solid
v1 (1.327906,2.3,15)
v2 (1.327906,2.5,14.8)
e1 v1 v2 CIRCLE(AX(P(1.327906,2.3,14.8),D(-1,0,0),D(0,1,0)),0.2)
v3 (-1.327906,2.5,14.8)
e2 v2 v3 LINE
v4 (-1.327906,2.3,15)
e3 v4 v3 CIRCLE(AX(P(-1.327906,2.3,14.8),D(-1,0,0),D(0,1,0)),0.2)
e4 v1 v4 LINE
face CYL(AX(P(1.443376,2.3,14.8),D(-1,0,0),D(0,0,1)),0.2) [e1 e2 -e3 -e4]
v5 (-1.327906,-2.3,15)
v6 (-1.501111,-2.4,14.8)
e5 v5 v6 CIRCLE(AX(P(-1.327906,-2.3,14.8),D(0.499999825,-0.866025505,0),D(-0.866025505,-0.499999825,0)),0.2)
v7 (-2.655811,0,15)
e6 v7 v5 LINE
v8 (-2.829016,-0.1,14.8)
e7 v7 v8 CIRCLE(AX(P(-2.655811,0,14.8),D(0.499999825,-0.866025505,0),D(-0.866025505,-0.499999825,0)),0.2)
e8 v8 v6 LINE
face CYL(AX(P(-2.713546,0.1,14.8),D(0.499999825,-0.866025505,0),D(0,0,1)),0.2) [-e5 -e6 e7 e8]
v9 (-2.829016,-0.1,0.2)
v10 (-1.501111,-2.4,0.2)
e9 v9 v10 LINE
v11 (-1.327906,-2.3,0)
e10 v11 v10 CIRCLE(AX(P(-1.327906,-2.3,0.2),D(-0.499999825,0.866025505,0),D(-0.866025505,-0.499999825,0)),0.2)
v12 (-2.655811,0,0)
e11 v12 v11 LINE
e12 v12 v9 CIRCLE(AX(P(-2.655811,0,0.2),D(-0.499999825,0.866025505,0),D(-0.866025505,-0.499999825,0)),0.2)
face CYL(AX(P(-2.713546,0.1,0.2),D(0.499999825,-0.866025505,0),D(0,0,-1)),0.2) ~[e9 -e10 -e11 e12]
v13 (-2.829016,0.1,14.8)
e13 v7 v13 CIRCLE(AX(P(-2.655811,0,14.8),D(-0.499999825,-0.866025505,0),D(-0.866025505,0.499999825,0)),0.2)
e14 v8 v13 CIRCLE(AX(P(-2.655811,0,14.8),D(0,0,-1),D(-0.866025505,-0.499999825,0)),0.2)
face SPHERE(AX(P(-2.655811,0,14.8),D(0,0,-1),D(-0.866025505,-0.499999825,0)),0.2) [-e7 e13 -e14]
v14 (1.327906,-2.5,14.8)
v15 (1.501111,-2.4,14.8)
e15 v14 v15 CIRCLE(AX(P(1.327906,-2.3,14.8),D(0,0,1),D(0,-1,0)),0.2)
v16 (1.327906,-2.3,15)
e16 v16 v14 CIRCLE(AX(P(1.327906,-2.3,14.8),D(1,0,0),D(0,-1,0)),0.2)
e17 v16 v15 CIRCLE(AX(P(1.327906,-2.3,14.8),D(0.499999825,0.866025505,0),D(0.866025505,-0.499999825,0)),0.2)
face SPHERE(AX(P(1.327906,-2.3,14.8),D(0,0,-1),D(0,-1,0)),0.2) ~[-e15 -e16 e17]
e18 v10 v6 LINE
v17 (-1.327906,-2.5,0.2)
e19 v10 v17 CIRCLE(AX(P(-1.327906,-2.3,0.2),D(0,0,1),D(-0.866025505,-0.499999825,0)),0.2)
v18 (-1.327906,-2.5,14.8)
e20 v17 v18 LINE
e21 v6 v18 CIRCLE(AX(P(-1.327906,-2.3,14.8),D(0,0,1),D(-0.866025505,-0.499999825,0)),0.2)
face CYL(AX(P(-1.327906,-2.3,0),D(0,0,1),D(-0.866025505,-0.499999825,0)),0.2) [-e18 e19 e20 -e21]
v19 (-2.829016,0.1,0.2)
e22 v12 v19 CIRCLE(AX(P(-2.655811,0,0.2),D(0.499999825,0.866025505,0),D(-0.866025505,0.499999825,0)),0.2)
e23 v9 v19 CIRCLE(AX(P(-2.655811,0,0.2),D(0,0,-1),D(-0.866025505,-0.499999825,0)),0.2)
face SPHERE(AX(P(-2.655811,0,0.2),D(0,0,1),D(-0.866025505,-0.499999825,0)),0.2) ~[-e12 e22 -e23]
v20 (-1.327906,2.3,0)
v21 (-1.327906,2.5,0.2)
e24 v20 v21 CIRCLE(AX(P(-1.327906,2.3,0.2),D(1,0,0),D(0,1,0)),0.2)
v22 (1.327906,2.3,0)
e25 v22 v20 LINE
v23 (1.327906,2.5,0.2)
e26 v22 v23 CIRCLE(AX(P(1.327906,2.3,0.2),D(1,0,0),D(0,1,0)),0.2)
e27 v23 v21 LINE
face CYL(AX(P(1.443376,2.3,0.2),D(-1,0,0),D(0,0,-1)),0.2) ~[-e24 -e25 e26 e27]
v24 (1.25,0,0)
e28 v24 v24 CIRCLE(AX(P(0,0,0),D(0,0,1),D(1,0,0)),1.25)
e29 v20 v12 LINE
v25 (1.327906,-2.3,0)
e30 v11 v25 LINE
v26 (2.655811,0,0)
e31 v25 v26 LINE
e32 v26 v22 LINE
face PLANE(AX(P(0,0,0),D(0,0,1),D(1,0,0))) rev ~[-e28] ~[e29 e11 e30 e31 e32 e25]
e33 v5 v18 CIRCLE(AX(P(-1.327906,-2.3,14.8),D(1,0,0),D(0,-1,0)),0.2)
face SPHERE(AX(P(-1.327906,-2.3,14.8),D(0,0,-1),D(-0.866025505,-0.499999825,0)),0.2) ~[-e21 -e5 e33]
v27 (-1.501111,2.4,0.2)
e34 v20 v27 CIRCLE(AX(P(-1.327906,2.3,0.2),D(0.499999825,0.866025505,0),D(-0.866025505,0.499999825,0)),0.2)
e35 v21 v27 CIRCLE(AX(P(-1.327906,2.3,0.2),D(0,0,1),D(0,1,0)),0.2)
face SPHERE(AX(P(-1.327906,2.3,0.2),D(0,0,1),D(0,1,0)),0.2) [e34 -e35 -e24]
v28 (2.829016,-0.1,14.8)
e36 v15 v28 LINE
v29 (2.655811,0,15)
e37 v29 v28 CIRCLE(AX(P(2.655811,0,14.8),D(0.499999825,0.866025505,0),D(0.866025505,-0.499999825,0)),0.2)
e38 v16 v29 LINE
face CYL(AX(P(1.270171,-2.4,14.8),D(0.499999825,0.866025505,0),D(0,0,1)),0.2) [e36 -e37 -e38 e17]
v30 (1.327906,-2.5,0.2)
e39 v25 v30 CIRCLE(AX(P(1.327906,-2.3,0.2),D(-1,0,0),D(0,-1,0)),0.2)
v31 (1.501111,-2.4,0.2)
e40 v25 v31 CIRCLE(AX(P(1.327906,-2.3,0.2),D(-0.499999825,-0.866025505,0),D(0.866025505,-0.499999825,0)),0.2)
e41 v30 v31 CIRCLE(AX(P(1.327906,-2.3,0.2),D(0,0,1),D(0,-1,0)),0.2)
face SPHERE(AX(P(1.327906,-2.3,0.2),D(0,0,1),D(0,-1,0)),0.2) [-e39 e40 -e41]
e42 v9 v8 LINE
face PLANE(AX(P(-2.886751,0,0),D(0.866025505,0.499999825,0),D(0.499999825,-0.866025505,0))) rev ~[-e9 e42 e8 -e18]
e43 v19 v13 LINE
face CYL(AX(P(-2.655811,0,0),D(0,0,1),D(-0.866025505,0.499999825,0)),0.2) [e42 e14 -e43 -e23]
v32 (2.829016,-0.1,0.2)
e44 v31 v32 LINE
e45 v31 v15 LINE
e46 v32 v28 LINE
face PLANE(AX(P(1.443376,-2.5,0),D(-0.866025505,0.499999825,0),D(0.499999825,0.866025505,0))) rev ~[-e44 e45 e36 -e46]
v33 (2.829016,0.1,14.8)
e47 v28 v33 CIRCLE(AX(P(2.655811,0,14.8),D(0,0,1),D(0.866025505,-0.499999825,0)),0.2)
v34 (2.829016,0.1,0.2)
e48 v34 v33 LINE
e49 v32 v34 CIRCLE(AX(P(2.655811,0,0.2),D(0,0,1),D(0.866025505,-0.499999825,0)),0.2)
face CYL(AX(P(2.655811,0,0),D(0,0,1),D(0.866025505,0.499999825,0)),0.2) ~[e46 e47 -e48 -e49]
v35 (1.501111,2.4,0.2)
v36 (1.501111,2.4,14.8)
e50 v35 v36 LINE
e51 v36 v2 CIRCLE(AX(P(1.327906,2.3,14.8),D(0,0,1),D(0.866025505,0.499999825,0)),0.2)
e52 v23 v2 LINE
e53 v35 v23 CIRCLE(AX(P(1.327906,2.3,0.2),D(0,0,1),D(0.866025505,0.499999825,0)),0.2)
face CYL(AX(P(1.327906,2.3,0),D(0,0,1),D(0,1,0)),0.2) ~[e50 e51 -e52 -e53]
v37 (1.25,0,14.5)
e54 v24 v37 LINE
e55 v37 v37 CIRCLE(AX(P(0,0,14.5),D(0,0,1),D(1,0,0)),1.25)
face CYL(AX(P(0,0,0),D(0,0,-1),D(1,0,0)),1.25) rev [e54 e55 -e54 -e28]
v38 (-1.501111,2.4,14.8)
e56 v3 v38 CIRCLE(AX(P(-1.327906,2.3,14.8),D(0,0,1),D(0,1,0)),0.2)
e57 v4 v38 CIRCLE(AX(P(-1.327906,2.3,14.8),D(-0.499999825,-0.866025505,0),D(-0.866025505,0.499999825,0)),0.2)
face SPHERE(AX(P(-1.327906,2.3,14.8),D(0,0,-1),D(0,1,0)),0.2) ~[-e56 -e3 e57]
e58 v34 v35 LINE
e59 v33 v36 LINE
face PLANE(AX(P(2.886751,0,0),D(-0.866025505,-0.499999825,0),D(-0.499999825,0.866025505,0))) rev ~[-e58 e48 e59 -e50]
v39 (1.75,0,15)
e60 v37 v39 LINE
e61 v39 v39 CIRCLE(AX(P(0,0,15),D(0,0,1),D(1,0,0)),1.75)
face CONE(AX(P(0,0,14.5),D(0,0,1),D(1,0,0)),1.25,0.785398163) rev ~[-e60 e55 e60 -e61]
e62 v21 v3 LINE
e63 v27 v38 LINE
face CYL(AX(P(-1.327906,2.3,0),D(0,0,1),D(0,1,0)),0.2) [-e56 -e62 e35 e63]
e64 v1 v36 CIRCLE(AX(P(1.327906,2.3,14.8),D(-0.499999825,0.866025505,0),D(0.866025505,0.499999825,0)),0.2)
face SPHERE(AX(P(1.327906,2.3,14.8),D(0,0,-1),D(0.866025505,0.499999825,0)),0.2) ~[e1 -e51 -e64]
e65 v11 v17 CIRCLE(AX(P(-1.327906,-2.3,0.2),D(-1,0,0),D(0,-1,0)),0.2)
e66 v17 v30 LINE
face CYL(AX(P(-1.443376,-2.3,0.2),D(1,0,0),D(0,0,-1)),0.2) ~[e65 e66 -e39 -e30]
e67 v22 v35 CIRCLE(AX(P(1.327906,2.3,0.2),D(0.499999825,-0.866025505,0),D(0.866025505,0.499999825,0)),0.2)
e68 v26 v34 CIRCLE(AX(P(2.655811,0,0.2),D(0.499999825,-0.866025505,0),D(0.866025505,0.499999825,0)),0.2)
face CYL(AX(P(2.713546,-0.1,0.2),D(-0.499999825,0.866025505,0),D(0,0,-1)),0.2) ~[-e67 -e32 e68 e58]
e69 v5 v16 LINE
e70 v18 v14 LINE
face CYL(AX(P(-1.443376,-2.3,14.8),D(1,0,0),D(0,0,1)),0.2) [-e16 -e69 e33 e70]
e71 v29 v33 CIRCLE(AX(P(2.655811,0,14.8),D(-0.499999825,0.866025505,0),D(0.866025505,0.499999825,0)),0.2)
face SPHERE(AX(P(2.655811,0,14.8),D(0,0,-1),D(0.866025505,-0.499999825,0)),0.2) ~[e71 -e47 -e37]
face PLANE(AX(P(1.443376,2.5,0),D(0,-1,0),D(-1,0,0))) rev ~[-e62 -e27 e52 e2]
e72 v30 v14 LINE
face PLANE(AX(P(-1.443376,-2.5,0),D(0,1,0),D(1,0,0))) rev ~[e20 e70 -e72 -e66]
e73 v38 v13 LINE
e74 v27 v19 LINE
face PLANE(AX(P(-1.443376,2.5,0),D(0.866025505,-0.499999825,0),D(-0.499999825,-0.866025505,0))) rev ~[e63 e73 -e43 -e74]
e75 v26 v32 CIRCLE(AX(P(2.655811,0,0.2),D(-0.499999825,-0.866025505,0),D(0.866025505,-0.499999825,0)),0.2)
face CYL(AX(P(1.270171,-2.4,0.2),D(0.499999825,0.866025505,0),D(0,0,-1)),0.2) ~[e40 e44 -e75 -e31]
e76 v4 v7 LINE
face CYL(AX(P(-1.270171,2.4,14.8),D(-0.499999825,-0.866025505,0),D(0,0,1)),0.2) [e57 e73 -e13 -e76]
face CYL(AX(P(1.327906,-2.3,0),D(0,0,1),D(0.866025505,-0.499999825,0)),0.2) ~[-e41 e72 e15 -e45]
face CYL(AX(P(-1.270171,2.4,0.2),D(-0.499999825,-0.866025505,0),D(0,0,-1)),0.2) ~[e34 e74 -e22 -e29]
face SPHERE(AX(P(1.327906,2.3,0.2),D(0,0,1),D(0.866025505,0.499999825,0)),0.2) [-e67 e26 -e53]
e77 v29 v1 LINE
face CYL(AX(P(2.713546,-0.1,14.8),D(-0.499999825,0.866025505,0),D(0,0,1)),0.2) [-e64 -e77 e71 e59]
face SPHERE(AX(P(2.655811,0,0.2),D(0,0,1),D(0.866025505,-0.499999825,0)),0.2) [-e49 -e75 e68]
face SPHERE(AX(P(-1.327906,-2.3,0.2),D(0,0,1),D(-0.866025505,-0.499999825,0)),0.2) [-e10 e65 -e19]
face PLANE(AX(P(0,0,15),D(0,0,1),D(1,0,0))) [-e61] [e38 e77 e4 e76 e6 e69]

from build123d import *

# Parameters (mm, degrees)
F0_R     = 1.25
F1_DEPTH = 15
F2_SIZE  = 0.5
F3_R     = 0.2


with BuildPart() as f1:
    # F0 (on Top) → F1 (new body)
    with BuildSketch(Plane.XY):
        Polygon((1.443376, 2.5), (-1.443376, 2.5), (-2.886751, 0), (-1.443376, -2.5), (1.443376, -2.5), (2.886751, 0), align=None)
        Circle(F0_R, mode=Mode.SUBTRACT)
    extrude(amount=F1_DEPTH)

    # F2
    f2_edges = [f1.edges().sort_by_distance(p)[0] for p in [
        (-1.25, 0, 15),
    ]]
    chamfer(f2_edges, length=F2_SIZE)

    # F3
    f3_edges = [f1.edges().sort_by_distance(p)[0] for p in [
        (-2.165064, -1.25, 15),
        (0, -2.5, 15),
        (2.165064, -1.25, 15),
        (2.165064, 1.25, 15),
        (0, 2.5, 15),
        (-2.165064, 1.25, 15),
        (-2.165064, -1.25, 0),
        (0, -2.5, 0),
        (2.165064, -1.25, 0),
        (2.165064, 1.25, 0),
        (0, 2.5, 0),
        (-2.165064, 1.25, 0),
        (-1.443376, -2.5, 7.5),
        (1.443376, -2.5, 7.5),
        (-2.886751, 0, 7.5),
        (-1.443376, 2.5, 7.5),
        (1.443376, 2.5, 7.5),
        (2.886751, 0, 7.5),
    ]]
    fillet(f3_edges, radius=F3_R)


solid = f1.part
